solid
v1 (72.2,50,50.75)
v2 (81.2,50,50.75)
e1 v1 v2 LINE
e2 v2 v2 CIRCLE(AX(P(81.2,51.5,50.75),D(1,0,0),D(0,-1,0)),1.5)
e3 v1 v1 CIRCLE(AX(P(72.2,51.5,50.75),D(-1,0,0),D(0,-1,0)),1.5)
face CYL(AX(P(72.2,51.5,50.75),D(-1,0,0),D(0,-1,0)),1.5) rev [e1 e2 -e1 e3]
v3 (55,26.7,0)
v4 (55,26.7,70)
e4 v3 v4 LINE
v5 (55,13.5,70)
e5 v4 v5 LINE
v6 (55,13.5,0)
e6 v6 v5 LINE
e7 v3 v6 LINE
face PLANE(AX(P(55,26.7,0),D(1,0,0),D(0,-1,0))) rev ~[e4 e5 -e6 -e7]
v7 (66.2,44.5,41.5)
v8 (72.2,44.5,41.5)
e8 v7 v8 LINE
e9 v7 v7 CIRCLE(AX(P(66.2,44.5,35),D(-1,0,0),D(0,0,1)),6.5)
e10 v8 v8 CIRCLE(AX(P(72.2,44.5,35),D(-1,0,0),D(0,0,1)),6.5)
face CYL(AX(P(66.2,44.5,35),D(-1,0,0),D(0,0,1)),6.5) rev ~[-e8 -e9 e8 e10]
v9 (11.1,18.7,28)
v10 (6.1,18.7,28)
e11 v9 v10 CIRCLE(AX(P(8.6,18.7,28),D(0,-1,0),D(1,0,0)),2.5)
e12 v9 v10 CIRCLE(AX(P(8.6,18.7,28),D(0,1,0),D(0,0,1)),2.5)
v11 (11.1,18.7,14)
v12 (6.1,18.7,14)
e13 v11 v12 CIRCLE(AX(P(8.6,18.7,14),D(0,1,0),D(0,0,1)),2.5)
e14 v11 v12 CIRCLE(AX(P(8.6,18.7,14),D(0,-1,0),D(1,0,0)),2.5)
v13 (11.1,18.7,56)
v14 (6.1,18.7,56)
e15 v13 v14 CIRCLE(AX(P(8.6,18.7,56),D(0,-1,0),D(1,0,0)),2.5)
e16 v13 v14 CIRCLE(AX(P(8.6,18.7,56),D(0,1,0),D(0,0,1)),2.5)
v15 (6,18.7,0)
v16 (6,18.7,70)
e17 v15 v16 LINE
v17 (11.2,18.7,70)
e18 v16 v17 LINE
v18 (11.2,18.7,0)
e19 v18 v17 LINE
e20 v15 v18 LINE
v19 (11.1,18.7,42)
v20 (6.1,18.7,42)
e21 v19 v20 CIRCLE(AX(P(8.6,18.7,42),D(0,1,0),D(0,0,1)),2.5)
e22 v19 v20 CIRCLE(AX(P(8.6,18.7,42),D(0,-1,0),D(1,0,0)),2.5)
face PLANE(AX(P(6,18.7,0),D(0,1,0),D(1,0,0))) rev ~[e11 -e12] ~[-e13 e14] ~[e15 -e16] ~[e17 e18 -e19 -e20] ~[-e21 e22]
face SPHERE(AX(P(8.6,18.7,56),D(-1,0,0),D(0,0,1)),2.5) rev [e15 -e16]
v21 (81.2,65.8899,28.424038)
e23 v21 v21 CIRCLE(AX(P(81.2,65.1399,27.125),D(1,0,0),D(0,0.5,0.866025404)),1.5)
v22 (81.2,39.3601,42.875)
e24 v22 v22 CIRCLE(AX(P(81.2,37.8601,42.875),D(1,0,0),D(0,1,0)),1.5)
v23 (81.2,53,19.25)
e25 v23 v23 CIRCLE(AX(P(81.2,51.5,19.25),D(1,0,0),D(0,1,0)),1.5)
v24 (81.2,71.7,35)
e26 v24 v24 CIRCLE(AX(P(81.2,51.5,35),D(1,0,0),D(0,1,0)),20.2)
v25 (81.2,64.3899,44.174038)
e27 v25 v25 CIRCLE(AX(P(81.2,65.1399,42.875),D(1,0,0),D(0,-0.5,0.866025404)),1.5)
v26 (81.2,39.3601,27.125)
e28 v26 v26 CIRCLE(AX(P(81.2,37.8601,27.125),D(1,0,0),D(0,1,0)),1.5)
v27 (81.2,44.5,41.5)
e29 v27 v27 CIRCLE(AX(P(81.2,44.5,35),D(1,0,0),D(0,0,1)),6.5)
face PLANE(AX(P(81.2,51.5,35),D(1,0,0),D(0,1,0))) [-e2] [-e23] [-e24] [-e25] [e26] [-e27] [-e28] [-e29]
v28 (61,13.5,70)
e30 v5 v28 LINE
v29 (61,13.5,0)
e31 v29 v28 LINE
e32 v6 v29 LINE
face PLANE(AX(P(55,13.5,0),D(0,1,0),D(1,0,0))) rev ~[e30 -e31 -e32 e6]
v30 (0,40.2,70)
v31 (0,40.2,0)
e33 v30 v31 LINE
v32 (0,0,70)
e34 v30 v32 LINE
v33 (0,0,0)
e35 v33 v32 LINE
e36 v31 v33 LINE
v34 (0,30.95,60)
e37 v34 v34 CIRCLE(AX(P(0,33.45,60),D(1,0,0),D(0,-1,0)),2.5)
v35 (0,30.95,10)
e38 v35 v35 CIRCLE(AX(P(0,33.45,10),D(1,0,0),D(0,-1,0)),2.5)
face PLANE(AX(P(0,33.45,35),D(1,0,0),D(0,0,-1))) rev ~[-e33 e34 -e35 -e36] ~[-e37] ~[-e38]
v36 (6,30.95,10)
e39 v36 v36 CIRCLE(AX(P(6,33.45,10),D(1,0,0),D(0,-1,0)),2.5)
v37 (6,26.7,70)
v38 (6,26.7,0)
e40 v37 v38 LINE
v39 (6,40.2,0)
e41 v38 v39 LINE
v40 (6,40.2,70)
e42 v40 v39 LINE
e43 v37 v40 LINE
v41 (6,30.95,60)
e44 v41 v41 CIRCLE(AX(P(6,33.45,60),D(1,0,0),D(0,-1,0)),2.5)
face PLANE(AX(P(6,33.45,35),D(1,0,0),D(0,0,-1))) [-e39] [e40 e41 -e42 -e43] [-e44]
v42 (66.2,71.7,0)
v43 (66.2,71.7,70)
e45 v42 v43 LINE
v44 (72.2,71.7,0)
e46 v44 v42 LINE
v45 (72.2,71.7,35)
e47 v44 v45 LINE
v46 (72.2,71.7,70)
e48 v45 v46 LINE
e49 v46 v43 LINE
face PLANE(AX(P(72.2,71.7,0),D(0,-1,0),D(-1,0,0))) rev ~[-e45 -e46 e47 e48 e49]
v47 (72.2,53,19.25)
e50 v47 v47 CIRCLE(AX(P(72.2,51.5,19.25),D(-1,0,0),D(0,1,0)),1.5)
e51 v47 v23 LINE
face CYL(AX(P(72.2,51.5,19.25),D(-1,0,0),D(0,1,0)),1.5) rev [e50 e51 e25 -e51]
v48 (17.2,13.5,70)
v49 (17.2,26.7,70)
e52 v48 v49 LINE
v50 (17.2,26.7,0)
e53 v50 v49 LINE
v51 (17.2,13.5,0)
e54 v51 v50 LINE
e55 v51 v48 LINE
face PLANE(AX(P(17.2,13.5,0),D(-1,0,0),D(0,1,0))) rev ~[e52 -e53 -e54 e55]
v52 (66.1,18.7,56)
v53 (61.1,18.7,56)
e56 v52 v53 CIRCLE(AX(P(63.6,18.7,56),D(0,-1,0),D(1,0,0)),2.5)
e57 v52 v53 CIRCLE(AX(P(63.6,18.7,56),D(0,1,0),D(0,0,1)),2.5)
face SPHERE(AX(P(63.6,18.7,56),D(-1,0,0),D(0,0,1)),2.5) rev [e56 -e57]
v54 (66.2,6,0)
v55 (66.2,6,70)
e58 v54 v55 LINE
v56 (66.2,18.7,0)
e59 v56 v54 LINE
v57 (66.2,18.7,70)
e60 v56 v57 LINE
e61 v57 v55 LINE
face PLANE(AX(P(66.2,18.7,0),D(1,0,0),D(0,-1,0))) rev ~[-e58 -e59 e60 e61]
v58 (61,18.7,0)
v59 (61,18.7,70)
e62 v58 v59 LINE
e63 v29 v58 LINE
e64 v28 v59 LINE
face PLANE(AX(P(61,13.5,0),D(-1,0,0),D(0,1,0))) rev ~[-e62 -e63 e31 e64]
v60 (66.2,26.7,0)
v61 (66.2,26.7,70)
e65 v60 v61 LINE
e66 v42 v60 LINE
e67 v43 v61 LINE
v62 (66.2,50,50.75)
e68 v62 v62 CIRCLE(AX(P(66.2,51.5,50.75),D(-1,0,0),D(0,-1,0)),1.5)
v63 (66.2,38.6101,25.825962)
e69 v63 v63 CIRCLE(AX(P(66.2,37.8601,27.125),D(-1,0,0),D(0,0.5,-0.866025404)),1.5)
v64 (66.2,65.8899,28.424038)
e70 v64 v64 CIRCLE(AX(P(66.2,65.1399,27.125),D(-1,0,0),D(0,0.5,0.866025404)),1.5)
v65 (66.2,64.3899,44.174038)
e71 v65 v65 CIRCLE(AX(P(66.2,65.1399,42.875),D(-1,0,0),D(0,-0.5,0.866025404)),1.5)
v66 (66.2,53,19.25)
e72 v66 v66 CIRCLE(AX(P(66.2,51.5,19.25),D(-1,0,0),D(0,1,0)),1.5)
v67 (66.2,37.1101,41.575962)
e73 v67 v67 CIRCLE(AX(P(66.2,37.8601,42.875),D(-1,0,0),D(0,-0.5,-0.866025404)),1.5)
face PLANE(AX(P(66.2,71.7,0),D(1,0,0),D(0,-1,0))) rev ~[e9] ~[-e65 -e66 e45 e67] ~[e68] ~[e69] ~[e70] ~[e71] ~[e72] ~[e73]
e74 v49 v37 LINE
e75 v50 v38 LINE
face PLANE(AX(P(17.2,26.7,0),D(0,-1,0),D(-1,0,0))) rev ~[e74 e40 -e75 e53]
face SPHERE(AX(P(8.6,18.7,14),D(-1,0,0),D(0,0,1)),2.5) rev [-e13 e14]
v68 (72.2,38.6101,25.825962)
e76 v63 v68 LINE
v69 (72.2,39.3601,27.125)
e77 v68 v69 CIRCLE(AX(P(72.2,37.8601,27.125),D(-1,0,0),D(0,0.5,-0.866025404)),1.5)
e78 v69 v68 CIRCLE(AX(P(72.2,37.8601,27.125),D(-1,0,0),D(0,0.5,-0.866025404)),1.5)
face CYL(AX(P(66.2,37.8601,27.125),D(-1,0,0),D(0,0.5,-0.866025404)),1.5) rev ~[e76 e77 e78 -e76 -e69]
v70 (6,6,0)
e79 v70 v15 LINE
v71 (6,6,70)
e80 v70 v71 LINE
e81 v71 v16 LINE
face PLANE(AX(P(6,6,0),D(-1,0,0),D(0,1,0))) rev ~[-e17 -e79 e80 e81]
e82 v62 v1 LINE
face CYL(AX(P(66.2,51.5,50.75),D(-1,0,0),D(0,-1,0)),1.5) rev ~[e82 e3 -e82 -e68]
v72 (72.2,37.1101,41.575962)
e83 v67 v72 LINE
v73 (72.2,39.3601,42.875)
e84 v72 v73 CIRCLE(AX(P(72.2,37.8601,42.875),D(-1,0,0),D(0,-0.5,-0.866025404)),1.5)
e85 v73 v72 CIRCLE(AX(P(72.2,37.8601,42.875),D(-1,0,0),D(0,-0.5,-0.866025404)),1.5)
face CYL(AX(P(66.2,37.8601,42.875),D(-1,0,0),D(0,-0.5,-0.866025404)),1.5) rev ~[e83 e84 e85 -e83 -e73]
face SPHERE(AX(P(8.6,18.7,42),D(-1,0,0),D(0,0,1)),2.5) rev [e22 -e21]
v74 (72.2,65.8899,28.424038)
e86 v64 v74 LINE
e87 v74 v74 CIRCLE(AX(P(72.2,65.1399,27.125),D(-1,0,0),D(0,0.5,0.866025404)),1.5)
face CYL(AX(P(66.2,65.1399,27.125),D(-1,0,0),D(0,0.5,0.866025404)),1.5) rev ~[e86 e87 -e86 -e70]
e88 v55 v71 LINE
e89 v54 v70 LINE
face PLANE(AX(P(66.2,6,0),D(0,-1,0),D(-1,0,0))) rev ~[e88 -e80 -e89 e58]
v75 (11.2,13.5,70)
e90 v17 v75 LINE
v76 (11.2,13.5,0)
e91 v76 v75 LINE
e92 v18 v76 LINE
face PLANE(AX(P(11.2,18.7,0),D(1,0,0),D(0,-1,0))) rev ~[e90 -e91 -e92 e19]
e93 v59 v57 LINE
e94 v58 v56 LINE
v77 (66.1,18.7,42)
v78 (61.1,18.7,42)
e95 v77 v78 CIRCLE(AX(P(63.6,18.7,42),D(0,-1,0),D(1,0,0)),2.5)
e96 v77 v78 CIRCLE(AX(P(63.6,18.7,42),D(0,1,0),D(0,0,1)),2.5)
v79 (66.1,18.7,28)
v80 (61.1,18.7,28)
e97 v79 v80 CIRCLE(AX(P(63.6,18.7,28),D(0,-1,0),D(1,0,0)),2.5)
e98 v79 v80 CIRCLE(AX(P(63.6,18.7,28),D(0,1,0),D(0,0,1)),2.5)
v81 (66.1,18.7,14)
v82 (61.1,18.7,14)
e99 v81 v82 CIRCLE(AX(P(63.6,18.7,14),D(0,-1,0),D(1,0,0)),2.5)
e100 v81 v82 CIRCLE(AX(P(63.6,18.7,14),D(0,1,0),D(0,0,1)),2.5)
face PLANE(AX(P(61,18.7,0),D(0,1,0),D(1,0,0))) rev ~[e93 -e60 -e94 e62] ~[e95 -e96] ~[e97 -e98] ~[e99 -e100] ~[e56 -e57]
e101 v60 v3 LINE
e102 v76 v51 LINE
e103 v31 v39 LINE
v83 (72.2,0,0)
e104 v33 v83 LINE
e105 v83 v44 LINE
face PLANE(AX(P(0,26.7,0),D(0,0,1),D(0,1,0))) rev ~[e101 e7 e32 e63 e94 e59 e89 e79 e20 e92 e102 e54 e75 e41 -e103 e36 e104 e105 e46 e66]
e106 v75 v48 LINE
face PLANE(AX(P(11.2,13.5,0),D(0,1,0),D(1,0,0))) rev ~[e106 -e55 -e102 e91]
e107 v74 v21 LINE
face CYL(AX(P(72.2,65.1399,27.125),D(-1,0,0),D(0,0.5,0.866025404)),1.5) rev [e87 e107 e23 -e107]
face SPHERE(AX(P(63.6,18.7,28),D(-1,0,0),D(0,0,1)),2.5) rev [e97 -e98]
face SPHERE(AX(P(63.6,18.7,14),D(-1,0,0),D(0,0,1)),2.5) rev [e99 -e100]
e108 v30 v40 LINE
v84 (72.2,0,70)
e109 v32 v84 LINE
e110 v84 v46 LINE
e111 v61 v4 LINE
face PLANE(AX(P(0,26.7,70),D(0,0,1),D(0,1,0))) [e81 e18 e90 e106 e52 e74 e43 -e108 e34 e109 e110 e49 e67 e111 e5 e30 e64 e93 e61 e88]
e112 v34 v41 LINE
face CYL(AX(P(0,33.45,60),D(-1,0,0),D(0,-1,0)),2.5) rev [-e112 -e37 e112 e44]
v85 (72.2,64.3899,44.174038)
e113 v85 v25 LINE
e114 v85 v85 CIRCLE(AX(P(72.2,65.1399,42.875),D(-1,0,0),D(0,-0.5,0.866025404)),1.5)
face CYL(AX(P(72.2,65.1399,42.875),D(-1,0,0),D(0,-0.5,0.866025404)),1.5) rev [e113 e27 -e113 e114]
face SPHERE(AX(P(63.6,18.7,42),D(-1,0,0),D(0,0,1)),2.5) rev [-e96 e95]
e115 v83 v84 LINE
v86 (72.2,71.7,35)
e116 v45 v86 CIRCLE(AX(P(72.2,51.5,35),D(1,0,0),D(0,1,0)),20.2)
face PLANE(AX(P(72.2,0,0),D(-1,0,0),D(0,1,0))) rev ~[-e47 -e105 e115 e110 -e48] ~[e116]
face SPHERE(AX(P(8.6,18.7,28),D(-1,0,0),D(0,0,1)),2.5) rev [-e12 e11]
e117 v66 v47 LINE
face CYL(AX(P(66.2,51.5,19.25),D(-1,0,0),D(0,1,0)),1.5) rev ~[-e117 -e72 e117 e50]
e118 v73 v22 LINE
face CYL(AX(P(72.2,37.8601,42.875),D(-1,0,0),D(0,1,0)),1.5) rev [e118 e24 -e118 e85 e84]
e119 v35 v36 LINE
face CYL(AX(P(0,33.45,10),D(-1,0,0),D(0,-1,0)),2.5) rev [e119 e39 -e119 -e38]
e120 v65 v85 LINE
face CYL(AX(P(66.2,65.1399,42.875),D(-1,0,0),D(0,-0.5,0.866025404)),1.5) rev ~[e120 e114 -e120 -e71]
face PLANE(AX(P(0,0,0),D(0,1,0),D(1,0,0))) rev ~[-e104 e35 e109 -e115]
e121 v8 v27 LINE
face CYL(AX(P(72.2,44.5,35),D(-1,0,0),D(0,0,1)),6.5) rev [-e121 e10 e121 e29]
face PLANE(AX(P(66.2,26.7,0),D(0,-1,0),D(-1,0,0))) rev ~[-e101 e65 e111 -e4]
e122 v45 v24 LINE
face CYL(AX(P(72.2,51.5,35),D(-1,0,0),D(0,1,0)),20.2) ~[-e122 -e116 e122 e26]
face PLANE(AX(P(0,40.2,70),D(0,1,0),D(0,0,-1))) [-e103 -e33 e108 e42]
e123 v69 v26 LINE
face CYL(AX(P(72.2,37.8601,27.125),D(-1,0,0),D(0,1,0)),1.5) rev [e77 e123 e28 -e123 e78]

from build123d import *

# Parameters (mm, degrees)
BOSS_EXTRUDE1_DEPTH  = 70
SKETCH2_R            = 1.5
CUT_EXTRUDE1_DEPTH   = 6
LPATTERN1_COUNT      = 4
LPATTERN1_PITCH      = 14
LPATTERN1_COUNT_DIR2 = 2
LPATTERN1_PITCH_DIR2 = 55
CIRPATTERN2_COUNT    = 6
SKETCH10_R           = 6.5
CUT_EXTRUDE4_DEPTH   = 10
SKETCH11_R           = 20.2
SKETCH11_R_2         = 1.5
SKETCH11_R_3         = 6.5
BOSS_EXTRUDE6_DEPTH  = 9
SKETCH12_W           = 70
SKETCH12_H           = 13.5
SKETCH12_R           = 2.5
BOSS_EXTRUDE7_DEPTH  = 6


with BuildPart() as part:
    # Sketch1 → Boss-Extrude1 (new body)
    with BuildSketch(Plane.XY):
        Polygon((0, 26.7), (0, 0), (72.2, 0), (72.2, 71.7), (66.2, 71.7), (66.2, 26.7), (55, 26.7), (55, 13.5), (61, 13.5), (61, 18.7), (66.2, 18.7), (66.2, 6), (6, 6), (6, 18.7), (11.2, 18.7), (11.2, 13.5), (17.2, 13.5), (17.2, 26.7), align=None)
    extrude(amount=BOSS_EXTRUDE1_DEPTH)

    # Sketch2 → Cut-Extrude1 (cut)
    with BuildSketch(Plane.ZY.offset(-66.2)):
        with Locations(Location((50.75, 51.5, 0), (0, 0, 270))):
            Circle(SKETCH2_R)
    cut_extrude1 = extrude(amount=-CUT_EXTRUDE1_DEPTH, mode=Mode.SUBTRACT)

    # Sketch3 → Cut-Revolve1 (revolve, cut)
    with BuildSketch(Plane.XZ.offset(-18.7)):
        with BuildLine():
            Line((61.1, 56), (66.1, 56))
            ThreePointArc((66.1, 56), (63.6, 58.5), (61.1, 56))
        make_face()
    cut_revolve1 = revolve(axis=Axis((61.1, 18.7, 56), (1, 0, 0)), mode=Mode.SUBTRACT)

    # LPattern1: Cut-Revolve1 4 × 2
    with Locations(*[(-j * LPATTERN1_PITCH_DIR2, 0, -i * LPATTERN1_PITCH) for i in range(LPATTERN1_COUNT) for j in range(LPATTERN1_COUNT_DIR2) if (i, j) != (0, 0)]):
        add(cut_revolve1, mode=Mode.SUBTRACT)

    # CirPattern2: Cut-Extrude1 ×6 about axis
    cirpattern2_axis = Axis((0, 51.5, 35), (1, 0, 0))
    for i in range(1, CIRPATTERN2_COUNT):
        add(cut_extrude1.rotate(cirpattern2_axis, i * 360 / CIRPATTERN2_COUNT), mode=Mode.SUBTRACT)

    # Sketch10 → Cut-Extrude4 (cut)
    with BuildSketch(Plane.ZY.offset(-66.2)):
        with Locations((35, 44.5)):
            Circle(SKETCH10_R)
    extrude(amount=-CUT_EXTRUDE4_DEPTH, mode=Mode.SUBTRACT)

    # Sketch11 → Boss-Extrude6 (add)
    with BuildSketch(Plane(origin=(72.2, 0, 0), x_dir=(0, 0, -1), z_dir=(1, 0, 0))):
        with Locations(Location((-35, 51.5, 0), (0, 0, 90))):
            Circle(SKETCH11_R)
        with Locations(Location((-42.875, 65.13990011, 0), (0, 0, 210))):
            Circle(SKETCH11_R_2, mode=Mode.SUBTRACT)
        with Locations(Location((-27.125, 65.13990011, 0), (0, 0, 150))):
            Circle(SKETCH11_R_2, mode=Mode.SUBTRACT)
        with Locations(Location((-19.25, 51.5, 0), (0, 0, 90))):
            Circle(SKETCH11_R_2, mode=Mode.SUBTRACT)
        with Locations(Location((-27.125, 37.86009989, 0), (0, 0, 90))):
            Circle(SKETCH11_R_2, mode=Mode.SUBTRACT)
        with Locations(Location((-35, 44.5, 0), (0, 0, 180))):
            Circle(SKETCH11_R_3, mode=Mode.SUBTRACT)
        with Locations(Location((-42.875, 37.86009989, 0), (0, 0, 90))):
            Circle(SKETCH11_R_2, mode=Mode.SUBTRACT)
        with Locations(Location((-50.75, 51.5, 0), (0, 0, 270))):
            Circle(SKETCH11_R_2, mode=Mode.SUBTRACT)
    extrude(amount=BOSS_EXTRUDE6_DEPTH)

    # Sketch12 → Boss-Extrude7 (add)
    with BuildSketch(Plane(origin=(0, 0, 70), x_dir=(0, 0, -1), z_dir=(1, 0, 0))):
        with Locations((35, 33.45)):
            Rectangle(SKETCH12_W, SKETCH12_H)
        with Locations(Location((10, 33.45, 0), (0, 0, 270))):
            Circle(SKETCH12_R, mode=Mode.SUBTRACT)
        with Locations(Location((60, 33.45, 0), (0, 0, 270))):
            Circle(SKETCH12_R, mode=Mode.SUBTRACT)
    extrude(amount=BOSS_EXTRUDE7_DEPTH)


solid = part.part
